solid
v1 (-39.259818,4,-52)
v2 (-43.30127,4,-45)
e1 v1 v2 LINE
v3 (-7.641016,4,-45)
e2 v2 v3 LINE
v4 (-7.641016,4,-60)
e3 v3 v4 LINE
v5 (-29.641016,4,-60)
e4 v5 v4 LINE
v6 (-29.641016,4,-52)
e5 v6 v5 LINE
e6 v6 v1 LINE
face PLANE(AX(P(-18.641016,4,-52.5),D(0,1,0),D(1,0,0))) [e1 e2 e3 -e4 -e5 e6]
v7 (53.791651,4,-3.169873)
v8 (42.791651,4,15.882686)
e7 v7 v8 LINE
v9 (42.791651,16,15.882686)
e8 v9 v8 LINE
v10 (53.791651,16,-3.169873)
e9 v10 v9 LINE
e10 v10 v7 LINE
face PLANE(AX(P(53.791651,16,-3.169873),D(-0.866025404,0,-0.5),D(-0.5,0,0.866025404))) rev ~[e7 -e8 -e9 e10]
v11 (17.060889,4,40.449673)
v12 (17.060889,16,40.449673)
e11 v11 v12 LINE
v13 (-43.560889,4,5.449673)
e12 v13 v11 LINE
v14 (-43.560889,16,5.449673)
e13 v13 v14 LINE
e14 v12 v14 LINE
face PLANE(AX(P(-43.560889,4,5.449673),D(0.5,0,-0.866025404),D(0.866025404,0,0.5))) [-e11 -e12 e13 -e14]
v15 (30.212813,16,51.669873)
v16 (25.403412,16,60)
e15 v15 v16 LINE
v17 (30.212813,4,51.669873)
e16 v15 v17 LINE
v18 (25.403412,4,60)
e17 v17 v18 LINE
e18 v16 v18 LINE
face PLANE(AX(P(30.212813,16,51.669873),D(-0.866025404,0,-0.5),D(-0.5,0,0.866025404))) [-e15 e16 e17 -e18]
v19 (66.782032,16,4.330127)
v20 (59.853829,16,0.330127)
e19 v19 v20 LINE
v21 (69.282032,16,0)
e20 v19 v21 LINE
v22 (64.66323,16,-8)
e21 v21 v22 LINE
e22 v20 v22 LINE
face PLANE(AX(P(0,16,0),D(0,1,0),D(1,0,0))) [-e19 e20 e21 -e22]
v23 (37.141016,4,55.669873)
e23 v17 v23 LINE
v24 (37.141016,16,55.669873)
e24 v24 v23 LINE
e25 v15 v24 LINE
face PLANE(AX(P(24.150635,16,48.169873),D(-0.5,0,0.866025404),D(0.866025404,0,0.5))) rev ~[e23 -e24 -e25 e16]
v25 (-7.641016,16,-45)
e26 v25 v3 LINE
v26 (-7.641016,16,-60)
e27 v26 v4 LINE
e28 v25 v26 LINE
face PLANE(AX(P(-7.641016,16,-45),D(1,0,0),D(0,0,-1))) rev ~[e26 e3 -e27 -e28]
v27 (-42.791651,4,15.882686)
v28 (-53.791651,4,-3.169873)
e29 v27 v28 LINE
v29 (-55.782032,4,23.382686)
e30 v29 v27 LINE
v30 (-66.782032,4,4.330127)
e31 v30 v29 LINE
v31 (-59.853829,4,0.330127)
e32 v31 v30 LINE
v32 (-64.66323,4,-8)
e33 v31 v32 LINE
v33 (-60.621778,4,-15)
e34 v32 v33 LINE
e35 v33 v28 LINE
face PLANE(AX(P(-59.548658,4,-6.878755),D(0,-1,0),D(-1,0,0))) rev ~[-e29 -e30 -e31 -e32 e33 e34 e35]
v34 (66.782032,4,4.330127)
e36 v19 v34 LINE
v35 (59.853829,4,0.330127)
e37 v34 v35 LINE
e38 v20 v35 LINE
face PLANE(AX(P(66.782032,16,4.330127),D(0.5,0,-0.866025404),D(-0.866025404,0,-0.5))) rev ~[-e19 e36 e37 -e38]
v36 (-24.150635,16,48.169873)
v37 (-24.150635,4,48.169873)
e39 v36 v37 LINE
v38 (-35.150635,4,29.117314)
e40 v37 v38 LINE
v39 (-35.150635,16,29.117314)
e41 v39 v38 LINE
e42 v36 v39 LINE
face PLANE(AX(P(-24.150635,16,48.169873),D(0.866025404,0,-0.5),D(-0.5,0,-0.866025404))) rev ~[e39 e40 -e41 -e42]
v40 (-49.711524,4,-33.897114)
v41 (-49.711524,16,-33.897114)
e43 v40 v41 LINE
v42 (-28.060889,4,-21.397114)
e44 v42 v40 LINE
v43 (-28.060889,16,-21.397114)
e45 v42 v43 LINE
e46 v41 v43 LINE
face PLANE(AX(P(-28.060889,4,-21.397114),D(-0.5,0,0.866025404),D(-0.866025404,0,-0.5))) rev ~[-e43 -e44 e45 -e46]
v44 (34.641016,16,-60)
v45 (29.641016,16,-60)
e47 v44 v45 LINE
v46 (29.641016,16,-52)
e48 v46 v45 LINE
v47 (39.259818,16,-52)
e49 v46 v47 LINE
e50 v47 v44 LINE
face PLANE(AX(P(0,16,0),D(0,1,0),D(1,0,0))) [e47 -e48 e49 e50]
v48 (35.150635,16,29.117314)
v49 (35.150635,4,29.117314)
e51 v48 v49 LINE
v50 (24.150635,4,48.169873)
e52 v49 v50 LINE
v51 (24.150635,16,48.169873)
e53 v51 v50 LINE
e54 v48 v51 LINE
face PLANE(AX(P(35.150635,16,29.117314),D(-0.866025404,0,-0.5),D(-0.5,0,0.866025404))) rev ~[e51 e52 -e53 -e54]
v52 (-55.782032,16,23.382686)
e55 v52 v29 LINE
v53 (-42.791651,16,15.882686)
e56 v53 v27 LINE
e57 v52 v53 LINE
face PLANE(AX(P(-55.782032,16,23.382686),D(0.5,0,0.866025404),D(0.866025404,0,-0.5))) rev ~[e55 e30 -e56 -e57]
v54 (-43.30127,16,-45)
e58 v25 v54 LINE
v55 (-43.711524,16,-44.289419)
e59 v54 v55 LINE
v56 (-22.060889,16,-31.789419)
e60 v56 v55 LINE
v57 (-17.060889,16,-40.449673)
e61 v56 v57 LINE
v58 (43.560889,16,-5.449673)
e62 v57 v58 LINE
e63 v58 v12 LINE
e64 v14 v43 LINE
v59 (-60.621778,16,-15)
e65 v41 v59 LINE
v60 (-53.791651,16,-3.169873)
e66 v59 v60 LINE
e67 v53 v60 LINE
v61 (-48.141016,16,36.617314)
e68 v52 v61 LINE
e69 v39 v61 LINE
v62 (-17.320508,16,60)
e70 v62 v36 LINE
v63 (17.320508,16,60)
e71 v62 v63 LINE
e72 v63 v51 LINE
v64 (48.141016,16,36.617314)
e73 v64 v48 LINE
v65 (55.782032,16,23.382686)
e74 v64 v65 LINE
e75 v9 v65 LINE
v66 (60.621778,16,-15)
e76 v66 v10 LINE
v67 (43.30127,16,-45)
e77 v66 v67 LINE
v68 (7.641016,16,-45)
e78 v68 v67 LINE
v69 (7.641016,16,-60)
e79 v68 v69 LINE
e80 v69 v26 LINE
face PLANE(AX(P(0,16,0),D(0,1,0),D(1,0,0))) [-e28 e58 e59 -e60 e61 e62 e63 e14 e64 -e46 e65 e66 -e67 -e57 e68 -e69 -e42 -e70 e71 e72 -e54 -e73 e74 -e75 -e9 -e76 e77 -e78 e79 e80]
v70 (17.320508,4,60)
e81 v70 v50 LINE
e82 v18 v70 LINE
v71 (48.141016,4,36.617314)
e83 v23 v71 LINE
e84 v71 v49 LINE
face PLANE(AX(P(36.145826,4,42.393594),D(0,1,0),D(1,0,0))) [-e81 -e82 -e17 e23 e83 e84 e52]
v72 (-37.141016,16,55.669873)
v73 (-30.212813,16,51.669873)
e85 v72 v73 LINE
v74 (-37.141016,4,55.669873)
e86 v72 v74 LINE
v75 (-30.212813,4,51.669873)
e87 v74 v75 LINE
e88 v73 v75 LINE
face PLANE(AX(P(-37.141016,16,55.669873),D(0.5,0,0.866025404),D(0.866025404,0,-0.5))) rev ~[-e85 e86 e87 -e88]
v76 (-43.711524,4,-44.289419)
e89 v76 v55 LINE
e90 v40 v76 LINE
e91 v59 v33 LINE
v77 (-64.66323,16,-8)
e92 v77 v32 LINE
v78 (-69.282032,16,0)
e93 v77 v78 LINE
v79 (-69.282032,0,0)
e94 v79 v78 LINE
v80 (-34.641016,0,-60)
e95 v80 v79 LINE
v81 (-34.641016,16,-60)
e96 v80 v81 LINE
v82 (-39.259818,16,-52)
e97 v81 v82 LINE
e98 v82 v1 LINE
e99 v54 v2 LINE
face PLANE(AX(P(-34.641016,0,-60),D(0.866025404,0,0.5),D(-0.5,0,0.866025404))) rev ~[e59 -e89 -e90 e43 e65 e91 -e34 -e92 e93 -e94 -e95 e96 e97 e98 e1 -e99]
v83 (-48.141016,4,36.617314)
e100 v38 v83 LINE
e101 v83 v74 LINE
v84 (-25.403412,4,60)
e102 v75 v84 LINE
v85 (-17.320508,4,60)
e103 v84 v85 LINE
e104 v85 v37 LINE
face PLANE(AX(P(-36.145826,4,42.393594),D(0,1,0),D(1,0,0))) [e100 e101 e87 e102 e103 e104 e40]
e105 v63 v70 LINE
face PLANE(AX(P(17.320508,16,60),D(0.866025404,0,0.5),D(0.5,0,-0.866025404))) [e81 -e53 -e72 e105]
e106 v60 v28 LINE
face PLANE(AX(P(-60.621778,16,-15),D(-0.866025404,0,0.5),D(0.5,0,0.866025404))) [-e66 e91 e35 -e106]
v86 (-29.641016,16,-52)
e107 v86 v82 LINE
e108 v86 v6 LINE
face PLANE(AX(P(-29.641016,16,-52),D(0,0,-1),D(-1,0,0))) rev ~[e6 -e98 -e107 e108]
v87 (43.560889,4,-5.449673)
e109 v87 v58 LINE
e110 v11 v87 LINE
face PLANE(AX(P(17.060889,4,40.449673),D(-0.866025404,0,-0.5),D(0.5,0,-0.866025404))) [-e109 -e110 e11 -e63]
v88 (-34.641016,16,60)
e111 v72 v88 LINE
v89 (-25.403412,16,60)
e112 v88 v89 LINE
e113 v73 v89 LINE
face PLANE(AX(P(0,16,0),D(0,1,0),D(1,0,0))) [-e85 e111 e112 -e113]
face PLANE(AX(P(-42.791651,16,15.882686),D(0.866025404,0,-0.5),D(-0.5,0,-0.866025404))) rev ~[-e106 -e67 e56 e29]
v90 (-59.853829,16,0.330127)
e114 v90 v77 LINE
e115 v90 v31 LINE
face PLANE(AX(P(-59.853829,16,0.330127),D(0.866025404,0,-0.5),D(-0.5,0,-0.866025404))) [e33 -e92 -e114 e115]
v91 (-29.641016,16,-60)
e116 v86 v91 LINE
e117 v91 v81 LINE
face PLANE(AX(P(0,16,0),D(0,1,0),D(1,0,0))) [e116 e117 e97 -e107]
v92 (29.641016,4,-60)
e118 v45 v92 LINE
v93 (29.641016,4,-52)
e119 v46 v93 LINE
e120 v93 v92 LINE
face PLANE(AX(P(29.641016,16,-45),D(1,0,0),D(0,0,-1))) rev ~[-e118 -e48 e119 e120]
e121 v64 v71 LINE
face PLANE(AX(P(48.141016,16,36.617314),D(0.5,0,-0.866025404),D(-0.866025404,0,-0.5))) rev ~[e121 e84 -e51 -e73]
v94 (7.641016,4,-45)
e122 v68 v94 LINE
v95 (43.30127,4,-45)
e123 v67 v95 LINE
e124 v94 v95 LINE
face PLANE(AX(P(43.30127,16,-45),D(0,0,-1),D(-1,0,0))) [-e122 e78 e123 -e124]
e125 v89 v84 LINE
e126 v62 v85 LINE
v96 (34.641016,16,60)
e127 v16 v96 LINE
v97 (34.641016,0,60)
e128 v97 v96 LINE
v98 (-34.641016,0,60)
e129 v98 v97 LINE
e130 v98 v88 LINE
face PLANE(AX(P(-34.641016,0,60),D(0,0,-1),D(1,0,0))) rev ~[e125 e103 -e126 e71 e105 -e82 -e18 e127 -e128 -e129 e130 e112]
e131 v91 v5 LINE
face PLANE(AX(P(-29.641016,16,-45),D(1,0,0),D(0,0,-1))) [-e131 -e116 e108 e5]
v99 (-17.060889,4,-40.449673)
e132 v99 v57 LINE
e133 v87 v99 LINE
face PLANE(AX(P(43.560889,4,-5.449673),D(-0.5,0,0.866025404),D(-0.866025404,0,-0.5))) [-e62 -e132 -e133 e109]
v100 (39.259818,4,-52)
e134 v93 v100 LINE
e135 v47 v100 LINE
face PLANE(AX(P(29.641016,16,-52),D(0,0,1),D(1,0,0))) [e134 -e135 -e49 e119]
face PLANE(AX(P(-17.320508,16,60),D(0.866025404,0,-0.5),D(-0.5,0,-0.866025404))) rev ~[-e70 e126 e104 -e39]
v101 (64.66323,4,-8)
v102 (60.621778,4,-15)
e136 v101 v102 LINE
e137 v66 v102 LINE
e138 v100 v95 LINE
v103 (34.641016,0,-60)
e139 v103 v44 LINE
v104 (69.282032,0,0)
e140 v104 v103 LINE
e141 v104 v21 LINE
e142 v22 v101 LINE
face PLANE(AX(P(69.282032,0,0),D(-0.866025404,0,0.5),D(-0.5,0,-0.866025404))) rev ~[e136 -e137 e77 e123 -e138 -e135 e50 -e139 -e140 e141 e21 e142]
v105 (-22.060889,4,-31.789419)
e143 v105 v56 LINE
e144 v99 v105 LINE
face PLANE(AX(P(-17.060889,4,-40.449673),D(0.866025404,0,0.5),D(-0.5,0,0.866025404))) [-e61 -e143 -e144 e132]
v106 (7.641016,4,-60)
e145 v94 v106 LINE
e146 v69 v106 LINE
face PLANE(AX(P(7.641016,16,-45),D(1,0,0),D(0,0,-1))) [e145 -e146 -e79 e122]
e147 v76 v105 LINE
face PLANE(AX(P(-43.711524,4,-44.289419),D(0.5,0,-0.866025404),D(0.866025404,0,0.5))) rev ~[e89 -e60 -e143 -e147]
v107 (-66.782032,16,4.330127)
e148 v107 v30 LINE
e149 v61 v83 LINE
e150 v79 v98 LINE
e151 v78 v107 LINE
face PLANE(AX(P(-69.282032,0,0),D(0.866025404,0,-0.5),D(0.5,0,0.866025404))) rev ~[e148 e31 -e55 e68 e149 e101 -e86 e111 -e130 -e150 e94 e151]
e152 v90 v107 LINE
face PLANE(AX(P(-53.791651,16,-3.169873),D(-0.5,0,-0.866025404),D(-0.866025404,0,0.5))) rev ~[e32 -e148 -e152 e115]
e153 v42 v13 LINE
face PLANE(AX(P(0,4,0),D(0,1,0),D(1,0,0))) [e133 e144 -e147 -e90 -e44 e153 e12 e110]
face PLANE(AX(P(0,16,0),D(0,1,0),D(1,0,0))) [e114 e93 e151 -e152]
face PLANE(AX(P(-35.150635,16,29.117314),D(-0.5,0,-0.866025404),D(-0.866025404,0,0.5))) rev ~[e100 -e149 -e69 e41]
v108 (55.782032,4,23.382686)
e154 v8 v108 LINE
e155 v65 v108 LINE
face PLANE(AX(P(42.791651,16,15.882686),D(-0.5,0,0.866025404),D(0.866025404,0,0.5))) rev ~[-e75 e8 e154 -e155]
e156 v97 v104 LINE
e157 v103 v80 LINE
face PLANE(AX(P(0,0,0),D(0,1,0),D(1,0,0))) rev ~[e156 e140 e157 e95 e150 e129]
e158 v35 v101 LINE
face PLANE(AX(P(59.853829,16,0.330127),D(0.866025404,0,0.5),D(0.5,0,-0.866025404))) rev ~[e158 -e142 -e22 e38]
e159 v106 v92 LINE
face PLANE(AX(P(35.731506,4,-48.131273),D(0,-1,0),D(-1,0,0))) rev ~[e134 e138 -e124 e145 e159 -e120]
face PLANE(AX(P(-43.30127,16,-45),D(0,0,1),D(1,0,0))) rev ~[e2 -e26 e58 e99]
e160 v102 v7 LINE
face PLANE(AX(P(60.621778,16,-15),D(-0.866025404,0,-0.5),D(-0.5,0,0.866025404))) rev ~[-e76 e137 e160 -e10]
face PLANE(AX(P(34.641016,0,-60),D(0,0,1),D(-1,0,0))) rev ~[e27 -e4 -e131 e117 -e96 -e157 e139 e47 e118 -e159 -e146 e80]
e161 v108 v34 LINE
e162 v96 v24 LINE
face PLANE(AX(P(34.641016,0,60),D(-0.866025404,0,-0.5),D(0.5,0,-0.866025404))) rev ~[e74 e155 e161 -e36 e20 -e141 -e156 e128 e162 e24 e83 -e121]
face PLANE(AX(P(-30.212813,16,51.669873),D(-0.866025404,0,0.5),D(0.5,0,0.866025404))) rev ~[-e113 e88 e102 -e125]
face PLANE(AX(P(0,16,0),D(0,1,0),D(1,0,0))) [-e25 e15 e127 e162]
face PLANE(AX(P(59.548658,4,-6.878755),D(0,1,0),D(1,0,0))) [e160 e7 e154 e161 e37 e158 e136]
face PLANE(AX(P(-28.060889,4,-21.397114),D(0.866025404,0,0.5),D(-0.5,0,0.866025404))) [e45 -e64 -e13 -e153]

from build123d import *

# Parameters (mm, degrees)
BOSS_EXTRUDE1_DEPTH     = 16
SKETCH2_W               = 22
SKETCH2_H               = 15
CUT_EXTRUDE1_DEPTH      = 12
CUT_EXTRUDE2_DEPTH      = 94.037626797
CUT_EXTRUDE2_DEPTH_BACK = 12
CUT_EXTRUDE4_DEPTH      = 12


with BuildPart() as part:
    # Sketch1 → Boss-Extrude1 (new body)
    with BuildSketch(Plane(origin=(0, 0, 0), x_dir=(1, 0, 0), z_dir=(0, 1, 0))):
        Polygon((69.282032303, 0), (34.641016151, 60), (-34.641016151, 60), (-69.282032303, 0), (-34.641016151, -60), (34.641016151, -60), align=None)
    extrude(amount=BOSS_EXTRUDE1_DEPTH)

    # Sketch2 → Cut-Extrude1 (cut)
    with BuildSketch(Plane(origin=(0, 16, 0), x_dir=(1, 0, 0), z_dir=(0, 1, 0))):
        with Locations((-18.641016151, 52.5)):
            Rectangle(SKETCH2_W, SKETCH2_H)
        with Locations((18.641016151, 52.5)):
            Rectangle(SKETCH2_W, SKETCH2_H)
        Polygon((66.782032303, -4.330127019), (53.791651246, 3.169872981), (42.791651246, -15.882685902), (55.782032303, -23.382685902), align=None)
        Polygon((48.141016151, -36.617314098), (35.150635095, -29.117314098), (24.150635095, -48.169872981), (37.141016151, -55.669872981), align=None)
        Polygon((-37.141016151, -55.669872981), (-24.150635095, -48.169872981), (-35.150635095, -29.117314098), (-48.141016151, -36.617314098), align=None)
        Polygon((-55.782032303, -23.382685902), (-42.791651246, -15.882685902), (-53.791651246, 3.169872981), (-66.782032303, -4.330127019), align=None)
    extrude(amount=-CUT_EXTRUDE1_DEPTH, mode=Mode.SUBTRACT)

    # Sketch3 → Cut-Extrude2 (cut, two sides: drawn at the far end of the back side and taken through both)
    with BuildSketch(Plane(origin=(0, 16, 0), x_dir=(1, 0, 0), z_dir=(0, 1, 0)).offset(-CUT_EXTRUDE2_DEPTH_BACK)):
        Polygon((-43.560889132, -5.4496732), (17.060889132, -40.4496732), (43.560889132, 5.4496732), (-17.060889132, 40.4496732), align=None)
        Polygon((-22.060889132, 31.789419162), (-28.060889132, 21.397114317), (-49.711524227, 33.897114317), (-43.711524227, 44.289419162), align=None)
    extrude(amount=CUT_EXTRUDE2_DEPTH + CUT_EXTRUDE2_DEPTH_BACK, mode=Mode.SUBTRACT)

    # Sketch4 → Cut-Extrude4 (cut)
    with BuildSketch(Plane(origin=(0, 16, 0), x_dir=(1, 0, 0), z_dir=(0, 1, 0))):
        Polygon((-53.791651246, 3.169872981), (-59.853829072, -0.330127019), (-64.663230149, 8), (-60.621778265, 15), align=None)
        Polygon((-24.150635095, -48.169872981), (-30.212812921, -51.669872981), (-25.403411844, -60), (-17.320508076, -60), align=None)
        Polygon((43.301270189, 45), (29.641016151, 45), (29.641016151, 52), (39.259818305, 52), align=None)
        Polygon((-43.301270189, 45), (-29.641016151, 45), (-29.641016151, 52), (-39.259818305, 52), align=None)
        Polygon((17.320508076, -60), (24.150635095, -48.169872981), (30.212812921, -51.669872981), (25.403411844, -60), align=None)
        Polygon((60.621778265, 15), (53.791651246, 3.169872981), (59.853829072, -0.330127019), (64.663230149, 8), align=None)
    extrude(amount=-CUT_EXTRUDE4_DEPTH, mode=Mode.SUBTRACT)


solid = part.part
